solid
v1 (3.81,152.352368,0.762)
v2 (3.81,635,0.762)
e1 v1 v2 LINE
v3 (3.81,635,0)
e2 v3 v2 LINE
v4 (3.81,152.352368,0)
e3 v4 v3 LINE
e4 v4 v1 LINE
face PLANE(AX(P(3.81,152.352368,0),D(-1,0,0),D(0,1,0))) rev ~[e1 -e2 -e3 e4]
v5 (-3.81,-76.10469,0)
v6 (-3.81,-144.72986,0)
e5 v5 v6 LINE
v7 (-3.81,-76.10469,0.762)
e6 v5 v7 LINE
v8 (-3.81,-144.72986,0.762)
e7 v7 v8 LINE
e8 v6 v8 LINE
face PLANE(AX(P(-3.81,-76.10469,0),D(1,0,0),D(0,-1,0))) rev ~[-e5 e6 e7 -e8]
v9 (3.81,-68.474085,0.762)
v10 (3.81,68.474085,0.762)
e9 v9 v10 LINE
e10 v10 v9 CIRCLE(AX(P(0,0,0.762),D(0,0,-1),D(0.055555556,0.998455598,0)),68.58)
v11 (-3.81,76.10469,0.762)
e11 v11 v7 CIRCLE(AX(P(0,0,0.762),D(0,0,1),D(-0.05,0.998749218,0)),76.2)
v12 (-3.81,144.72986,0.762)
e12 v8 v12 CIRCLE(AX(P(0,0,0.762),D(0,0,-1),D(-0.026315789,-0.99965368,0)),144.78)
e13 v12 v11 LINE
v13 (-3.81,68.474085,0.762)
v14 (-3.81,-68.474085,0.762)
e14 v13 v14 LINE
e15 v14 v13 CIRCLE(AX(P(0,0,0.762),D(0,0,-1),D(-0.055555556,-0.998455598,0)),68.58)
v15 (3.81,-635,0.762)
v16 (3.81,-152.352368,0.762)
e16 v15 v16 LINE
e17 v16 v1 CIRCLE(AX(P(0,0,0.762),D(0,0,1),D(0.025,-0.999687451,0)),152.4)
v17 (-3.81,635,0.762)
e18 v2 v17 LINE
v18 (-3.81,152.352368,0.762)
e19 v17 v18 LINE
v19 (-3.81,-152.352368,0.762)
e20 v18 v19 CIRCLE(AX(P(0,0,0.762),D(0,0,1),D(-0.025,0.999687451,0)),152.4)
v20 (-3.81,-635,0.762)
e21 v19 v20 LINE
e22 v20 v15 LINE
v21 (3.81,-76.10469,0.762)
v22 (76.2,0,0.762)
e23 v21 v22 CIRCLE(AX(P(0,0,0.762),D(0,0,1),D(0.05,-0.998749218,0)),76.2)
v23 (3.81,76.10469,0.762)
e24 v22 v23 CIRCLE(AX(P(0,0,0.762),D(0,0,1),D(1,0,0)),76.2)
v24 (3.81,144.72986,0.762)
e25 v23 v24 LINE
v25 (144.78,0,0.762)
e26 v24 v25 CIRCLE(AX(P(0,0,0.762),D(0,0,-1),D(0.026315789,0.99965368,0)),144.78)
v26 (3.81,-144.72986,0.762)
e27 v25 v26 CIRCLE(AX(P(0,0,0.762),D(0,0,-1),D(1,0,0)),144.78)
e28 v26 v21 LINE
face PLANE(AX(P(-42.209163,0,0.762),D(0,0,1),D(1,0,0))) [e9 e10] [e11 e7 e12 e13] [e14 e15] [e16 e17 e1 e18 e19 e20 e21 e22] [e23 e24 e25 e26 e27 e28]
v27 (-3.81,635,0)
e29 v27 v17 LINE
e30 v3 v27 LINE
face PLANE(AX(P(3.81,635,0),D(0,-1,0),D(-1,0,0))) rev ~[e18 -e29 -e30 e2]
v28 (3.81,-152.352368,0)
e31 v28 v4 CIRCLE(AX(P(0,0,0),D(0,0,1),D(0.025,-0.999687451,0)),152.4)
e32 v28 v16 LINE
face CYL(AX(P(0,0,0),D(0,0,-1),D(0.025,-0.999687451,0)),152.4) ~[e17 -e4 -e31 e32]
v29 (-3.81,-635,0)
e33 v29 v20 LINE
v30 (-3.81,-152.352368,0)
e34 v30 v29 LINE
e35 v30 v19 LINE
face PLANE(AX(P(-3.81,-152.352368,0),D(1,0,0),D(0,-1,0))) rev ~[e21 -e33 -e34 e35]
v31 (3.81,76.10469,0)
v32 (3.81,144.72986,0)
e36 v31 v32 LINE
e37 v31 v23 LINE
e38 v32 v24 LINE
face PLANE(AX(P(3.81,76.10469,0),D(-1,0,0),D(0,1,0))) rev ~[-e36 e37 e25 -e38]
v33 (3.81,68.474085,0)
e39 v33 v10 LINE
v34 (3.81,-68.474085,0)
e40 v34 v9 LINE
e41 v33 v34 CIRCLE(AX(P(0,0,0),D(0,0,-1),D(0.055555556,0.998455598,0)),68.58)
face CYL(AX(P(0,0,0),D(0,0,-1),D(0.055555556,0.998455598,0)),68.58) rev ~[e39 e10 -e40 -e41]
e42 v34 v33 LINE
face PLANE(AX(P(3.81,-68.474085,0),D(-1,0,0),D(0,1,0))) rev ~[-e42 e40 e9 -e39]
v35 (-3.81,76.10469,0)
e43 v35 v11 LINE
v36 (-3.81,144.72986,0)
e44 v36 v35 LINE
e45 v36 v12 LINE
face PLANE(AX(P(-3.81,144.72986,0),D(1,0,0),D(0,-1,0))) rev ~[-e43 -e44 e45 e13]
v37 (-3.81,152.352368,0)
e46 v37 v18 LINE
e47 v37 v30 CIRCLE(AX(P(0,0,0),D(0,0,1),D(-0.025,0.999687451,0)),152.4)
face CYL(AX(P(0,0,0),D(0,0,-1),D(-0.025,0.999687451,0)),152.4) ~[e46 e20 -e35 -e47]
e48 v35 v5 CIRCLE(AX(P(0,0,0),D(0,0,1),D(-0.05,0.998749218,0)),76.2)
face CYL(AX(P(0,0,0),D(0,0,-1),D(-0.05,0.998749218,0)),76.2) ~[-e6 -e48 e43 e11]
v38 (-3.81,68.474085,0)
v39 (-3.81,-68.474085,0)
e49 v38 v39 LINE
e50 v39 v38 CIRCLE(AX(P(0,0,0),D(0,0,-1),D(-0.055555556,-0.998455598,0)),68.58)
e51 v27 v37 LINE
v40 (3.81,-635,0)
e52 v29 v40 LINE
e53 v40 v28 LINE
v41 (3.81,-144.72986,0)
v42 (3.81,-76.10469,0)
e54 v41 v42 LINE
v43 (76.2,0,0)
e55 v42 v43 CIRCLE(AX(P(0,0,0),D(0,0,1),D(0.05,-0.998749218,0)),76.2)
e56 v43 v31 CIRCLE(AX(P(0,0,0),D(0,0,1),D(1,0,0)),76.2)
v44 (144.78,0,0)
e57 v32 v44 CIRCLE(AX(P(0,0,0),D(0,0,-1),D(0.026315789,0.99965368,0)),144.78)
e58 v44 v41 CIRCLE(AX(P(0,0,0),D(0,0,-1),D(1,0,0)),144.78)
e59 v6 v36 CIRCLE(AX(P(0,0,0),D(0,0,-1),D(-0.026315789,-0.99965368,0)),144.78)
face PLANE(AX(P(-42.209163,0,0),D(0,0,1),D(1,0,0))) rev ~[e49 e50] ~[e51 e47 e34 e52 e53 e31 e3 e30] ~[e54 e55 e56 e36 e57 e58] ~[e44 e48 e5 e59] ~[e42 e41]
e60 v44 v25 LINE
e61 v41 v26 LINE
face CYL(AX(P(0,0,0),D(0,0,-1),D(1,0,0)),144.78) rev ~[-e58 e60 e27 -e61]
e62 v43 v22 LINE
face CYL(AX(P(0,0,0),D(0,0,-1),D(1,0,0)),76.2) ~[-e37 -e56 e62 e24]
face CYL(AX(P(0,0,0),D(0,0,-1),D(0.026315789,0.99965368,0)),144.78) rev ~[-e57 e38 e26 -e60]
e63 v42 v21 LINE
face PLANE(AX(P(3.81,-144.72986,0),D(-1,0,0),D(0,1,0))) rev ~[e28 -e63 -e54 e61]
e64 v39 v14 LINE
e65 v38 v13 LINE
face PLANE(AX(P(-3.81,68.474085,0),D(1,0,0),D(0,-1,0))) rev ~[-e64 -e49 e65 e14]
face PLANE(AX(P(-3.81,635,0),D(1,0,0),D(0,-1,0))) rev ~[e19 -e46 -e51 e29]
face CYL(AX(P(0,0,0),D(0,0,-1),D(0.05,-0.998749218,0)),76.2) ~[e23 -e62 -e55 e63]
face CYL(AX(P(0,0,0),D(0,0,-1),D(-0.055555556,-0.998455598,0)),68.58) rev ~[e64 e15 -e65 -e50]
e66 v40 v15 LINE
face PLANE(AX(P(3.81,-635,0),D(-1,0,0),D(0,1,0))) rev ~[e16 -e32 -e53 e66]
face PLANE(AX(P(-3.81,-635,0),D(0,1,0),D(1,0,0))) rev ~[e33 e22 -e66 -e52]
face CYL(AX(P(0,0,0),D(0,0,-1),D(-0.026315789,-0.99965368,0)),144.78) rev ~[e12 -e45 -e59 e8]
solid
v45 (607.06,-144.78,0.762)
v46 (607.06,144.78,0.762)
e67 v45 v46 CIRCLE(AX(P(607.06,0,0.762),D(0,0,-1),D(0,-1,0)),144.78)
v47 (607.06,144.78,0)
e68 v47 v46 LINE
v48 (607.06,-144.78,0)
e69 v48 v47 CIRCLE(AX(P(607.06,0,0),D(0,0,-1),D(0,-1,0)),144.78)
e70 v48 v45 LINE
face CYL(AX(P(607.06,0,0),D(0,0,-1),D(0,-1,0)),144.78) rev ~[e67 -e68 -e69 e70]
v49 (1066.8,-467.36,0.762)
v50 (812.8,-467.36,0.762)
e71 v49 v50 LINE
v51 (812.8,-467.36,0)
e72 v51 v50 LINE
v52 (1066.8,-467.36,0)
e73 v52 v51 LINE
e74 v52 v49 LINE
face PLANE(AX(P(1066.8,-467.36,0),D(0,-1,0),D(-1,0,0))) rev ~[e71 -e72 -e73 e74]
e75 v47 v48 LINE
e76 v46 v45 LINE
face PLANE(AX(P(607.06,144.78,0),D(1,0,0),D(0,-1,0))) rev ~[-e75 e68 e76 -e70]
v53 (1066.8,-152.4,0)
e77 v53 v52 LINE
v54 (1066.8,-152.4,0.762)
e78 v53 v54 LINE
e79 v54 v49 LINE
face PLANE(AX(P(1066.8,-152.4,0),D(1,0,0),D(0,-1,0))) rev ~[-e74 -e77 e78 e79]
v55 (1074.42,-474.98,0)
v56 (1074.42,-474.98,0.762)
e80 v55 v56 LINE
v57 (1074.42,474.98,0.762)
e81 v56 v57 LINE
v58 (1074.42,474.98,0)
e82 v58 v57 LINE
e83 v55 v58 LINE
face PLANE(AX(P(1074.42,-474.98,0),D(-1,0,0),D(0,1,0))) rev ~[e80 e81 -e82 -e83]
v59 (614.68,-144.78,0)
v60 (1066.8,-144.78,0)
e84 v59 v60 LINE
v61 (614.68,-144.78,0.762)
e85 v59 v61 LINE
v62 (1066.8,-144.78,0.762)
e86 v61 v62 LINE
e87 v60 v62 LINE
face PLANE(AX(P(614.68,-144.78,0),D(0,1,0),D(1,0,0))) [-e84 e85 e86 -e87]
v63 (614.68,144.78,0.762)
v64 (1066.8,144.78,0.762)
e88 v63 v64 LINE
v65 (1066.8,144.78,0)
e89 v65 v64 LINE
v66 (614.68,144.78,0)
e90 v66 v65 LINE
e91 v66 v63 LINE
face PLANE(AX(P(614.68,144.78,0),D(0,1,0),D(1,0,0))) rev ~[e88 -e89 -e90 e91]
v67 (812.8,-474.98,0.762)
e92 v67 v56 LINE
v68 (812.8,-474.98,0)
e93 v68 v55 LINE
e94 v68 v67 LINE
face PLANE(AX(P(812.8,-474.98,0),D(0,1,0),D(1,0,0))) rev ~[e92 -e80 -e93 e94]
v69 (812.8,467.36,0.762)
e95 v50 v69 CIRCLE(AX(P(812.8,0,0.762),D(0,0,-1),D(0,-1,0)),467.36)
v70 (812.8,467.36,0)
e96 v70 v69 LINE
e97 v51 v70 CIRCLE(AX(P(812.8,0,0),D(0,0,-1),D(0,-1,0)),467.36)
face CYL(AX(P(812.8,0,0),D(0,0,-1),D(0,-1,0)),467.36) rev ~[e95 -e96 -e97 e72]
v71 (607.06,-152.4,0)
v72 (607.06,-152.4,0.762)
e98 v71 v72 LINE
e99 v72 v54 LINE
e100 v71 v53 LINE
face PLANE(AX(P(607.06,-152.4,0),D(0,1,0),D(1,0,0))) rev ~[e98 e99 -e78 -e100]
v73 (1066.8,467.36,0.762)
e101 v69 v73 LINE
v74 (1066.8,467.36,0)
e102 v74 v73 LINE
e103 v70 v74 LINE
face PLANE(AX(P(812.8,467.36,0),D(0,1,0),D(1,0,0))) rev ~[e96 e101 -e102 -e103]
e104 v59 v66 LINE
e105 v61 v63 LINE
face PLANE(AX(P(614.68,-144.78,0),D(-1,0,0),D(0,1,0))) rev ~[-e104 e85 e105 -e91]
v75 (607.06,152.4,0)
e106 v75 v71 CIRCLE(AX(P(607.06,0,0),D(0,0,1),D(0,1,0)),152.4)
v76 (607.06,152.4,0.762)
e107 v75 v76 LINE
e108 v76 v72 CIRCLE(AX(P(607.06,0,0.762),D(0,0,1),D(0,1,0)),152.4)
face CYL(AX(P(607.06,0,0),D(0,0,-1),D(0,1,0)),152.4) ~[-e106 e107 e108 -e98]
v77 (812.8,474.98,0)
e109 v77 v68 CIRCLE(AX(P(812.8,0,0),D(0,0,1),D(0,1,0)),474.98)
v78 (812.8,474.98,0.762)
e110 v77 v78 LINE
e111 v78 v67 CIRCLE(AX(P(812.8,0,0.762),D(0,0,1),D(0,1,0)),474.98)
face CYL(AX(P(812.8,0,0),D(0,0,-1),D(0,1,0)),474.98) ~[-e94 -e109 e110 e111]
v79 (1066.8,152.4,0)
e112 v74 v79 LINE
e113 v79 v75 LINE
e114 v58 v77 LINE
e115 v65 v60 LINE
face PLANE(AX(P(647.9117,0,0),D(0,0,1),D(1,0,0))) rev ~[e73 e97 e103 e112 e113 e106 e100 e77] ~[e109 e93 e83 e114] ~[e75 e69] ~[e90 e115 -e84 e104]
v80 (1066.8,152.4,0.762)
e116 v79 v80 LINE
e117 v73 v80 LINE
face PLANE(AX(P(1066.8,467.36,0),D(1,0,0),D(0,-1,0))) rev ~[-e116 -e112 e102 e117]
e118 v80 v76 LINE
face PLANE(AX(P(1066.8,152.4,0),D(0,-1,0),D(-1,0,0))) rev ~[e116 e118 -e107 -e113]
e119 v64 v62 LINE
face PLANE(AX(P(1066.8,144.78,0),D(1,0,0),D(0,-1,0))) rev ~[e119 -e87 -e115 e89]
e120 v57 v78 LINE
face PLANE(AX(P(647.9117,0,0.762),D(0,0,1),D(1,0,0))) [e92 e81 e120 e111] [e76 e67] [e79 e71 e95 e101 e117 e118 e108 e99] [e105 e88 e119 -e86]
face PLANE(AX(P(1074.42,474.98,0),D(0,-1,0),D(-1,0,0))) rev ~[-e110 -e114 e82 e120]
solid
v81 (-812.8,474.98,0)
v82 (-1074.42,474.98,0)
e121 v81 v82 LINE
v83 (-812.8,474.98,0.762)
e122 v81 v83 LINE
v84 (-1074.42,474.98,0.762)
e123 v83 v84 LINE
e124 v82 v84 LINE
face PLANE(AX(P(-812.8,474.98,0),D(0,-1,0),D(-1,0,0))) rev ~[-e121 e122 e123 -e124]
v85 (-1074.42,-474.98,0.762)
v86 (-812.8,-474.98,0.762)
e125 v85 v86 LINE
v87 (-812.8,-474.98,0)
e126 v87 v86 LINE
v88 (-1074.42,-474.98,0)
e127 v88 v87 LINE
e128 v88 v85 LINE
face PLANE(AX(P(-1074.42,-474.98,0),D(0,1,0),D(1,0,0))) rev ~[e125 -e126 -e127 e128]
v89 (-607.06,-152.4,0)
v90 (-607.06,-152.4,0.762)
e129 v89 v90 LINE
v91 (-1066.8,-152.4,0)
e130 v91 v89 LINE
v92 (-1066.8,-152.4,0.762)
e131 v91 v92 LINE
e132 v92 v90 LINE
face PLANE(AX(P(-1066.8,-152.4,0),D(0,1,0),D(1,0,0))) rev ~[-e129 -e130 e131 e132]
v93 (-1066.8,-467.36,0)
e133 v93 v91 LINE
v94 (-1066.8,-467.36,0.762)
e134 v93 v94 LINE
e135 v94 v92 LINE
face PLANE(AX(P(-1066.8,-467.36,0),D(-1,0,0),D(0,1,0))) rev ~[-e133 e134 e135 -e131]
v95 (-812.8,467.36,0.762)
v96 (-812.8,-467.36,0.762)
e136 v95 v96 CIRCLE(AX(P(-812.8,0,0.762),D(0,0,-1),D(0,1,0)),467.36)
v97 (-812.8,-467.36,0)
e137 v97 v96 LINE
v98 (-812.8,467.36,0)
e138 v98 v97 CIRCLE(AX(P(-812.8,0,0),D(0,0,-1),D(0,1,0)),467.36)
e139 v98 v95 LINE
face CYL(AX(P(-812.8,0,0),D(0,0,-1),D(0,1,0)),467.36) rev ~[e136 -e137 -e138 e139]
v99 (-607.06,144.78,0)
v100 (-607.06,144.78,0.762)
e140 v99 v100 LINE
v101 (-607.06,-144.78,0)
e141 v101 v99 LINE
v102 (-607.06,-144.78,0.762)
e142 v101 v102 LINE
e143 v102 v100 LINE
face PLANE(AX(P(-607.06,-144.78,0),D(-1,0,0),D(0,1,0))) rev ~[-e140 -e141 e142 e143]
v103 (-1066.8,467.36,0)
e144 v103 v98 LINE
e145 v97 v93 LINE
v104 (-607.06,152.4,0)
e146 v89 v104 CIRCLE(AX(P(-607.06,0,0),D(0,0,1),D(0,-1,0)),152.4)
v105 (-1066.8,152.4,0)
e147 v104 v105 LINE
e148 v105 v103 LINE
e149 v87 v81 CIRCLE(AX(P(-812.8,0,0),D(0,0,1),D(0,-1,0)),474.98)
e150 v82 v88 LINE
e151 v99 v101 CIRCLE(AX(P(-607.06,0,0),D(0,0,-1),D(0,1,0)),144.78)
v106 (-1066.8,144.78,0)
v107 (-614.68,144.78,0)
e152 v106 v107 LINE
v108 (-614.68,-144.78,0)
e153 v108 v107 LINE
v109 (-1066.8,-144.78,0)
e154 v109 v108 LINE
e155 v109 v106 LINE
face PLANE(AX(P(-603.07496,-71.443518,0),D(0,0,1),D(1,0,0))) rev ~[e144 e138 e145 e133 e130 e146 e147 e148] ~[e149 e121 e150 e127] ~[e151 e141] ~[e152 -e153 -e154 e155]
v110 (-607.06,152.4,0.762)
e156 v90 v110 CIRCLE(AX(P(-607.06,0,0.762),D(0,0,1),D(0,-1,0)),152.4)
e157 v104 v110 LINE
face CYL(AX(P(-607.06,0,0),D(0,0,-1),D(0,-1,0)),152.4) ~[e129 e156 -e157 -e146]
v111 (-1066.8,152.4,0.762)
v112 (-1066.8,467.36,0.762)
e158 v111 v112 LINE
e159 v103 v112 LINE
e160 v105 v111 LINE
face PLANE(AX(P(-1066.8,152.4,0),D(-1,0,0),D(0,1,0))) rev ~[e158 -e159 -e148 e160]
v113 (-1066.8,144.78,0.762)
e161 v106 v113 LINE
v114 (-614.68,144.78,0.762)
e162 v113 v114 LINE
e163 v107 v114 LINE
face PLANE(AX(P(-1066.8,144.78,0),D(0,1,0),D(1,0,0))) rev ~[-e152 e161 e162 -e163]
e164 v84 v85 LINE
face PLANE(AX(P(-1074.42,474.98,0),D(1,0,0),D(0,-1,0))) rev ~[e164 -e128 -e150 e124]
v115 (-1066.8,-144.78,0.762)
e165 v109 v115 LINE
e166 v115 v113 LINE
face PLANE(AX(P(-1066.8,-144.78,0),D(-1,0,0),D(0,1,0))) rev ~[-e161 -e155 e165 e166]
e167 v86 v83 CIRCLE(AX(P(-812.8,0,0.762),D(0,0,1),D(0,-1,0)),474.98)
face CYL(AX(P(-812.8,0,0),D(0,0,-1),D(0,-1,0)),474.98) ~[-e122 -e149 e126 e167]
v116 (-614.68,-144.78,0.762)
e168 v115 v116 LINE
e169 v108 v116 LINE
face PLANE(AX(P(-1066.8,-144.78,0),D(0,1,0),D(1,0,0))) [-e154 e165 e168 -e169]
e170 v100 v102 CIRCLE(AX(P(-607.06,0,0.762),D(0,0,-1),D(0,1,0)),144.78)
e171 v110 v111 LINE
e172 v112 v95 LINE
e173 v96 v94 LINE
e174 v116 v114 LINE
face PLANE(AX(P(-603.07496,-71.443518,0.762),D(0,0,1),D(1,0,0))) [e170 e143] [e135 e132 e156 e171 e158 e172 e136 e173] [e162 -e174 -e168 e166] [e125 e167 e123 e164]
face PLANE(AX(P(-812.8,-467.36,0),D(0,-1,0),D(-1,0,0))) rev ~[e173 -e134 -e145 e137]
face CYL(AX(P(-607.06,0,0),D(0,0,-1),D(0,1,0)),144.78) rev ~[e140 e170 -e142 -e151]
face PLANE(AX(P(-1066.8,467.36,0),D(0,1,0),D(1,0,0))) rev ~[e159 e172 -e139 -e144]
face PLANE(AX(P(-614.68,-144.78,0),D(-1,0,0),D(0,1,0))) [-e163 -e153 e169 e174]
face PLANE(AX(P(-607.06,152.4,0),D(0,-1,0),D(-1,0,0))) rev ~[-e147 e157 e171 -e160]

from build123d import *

# Parameters (mm, degrees)
F0_W     = 254
F0_H     = 7.62
F0_W_2   = 7.62
F0_H_2   = 289.56
F0_W_3   = 452.12
F1_DEPTH = 0.762


with BuildPart() as f1:
    # F0 (on Top) → F1 (new body)
    with BuildSketch(Plane.XY):
        with BuildLine():
            Line((-1066.8, -467.36), (-1066.8, -474.98))
            Line((-1066.8, -474.98), (-812.8, -474.98))
            ThreePointArc((-812.8, -474.98), (-337.82, 0), (-812.8, 474.98))
            Line((-812.8, 474.98), (-812.8, 467.36))
            ThreePointArc((-812.8, 467.36), (-345.44, 0), (-812.8, -467.36))
            Line((-812.8, -467.36), (-1066.8, -467.36))
        make_face()
        with Locations((-939.8, 471.17)):
            Rectangle(F0_W, F0_H)
        with Locations((-610.87, 0)):
            Rectangle(F0_W_2, F0_H_2)
        with Locations((-840.74, 148.59)):
            Rectangle(F0_W_3, F0_H)
        with Locations((-610.87, 148.59)):
            Rectangle(F0_W_2, F0_H)
        with BuildLine():
            Line((-607.06, -144.78), (-607.06, -152.4))
            ThreePointArc((-607.06, -152.4), (-454.66, 0), (-607.06, 152.4))
            Line((-607.06, 152.4), (-607.06, 144.78))
            ThreePointArc((-607.06, 144.78), (-462.28, 0), (-607.06, -144.78))
        make_face()
        with Locations((-840.74, -148.59)):
            Rectangle(F0_W_3, F0_H)
        with Locations((-610.87, -148.59)):
            Rectangle(F0_W_2, F0_H)
        Polygon((-1074.42, -474.98), (-1066.8, -474.98), (-1066.8, -467.36), (-1066.8, -152.4), (-1066.8, -144.78), (-1066.8, 144.78), (-1066.8, 152.4), (-1066.8, 467.36), (-1066.8, 474.98), (-1074.42, 474.98), align=None)
    extrude(amount=F1_DEPTH)


with BuildPart() as f1b:
    # F0 (on Top) → F1, piece 2 (new body)
    with BuildSketch(Plane.XY):
        with BuildLine():
            ThreePointArc((-3.81, 76.1046903942), (-76.2, 0), (-3.81, -76.1046903942))
            Line((-3.81, -76.1046903942), (-3.81, -68.4740848789))
            ThreePointArc((-3.81, -68.4740848789), (-68.58, 0), (-3.81, 68.4740848789))
            Line((-3.81, 68.4740848789), (-3.81, 76.1046903942))
        make_face()
        with BuildLine():
            Line((3.81, -68.4740848789), (3.81, -76.1046903942))
            ThreePointArc((3.81, -76.1046903942), (55.212145403, -52.5172257455), (76.2, 0))
            ThreePointArc((76.2, 0), (55.212145403, 52.5172257455), (3.81, 76.1046903942))
            Line((3.81, 76.1046903942), (3.81, 68.4740848789))
            ThreePointArc((3.81, 68.4740848789), (49.8222149247, 47.1270973008), (68.58, 0))
            ThreePointArc((68.58, 0), (49.8222149247, -47.1270973008), (3.81, -68.4740848789))
        make_face()
        with BuildLine():
            ThreePointArc((3.81, 76.1046903942), (1.9055959646, 76.176168872), (0, 76.2))
            Line((0, 76.2), (0, 68.58))
            ThreePointArc((0, 68.58), (1.9057359479, 68.553516106), (3.81, 68.4740848789))
            Line((3.81, 68.4740848789), (3.81, 76.1046903942))
        make_face()
        with BuildLine():
            ThreePointArc((0, 76.2), (-1.9055959646, 76.176168872), (-3.81, 76.1046903942))
            Line((-3.81, 76.1046903942), (-3.81, 68.4740848789))
            ThreePointArc((-3.81, 68.4740848789), (-1.9057359479, 68.553516106), (0, 68.58))
            Line((0, 68.58), (0, 76.2))
        make_face()
        with BuildLine():
            ThreePointArc((-3.81, 152.3523675563), (-152.4, 0), (-3.81, -152.3523675563))
            Line((-3.81, -152.3523675563), (-3.81, -144.7298597388))
            ThreePointArc((-3.81, -144.7298597388), (-144.78, 0), (-3.81, 144.7298597388))
            Line((-3.81, 144.7298597388), (-3.81, 152.3523675563))
        make_face()
        with BuildLine():
            ThreePointArc((0, 152.4), (-1.9051488688, 152.3880914238), (-3.81, 152.3523675563))
            Line((-3.81, 152.3523675563), (-3.81, 144.7298597388))
            ThreePointArc((-3.81, 144.7298597388), (-1.9051649565, 144.767464392), (0, 144.78))
            Line((0, 144.78), (0, 152.4))
        make_face()
        with BuildLine():
            ThreePointArc((3.81, 152.3523675563), (1.9051488688, 152.3880914238), (0, 152.4))
            Line((0, 152.4), (0, 144.78))
            ThreePointArc((0, 144.78), (1.9051649565, 144.767464392), (3.81, 144.7298597388))
            Line((3.81, 144.7298597388), (3.81, 152.3523675563))
        make_face()
        with BuildLine():
            Line((3.81, -144.7298597388), (3.81, -152.3523675563))
            ThreePointArc((3.81, -152.3523675563), (109.1017965022, -106.4075091335), (152.4, 0))
            ThreePointArc((152.4, 0), (109.1017965022, 106.4075091335), (3.81, 152.3523675563))
            Line((3.81, 152.3523675563), (3.81, 144.7298597388))
            ThreePointArc((3.81, 144.7298597388), (103.7132108268, 101.0189007067), (144.78, 0))
            ThreePointArc((144.78, 0), (103.7132108268, -101.0189007067), (3.81, -144.7298597388))
        make_face()
        with BuildLine():
            Line((-3.81, -68.4740848789), (-3.81, -76.1046903942))
            ThreePointArc((-3.81, -76.1046903942), (-1.9055959646, -76.176168872), (0, -76.2))
            Line((0, -76.2), (0, -68.58))
            ThreePointArc((0, -68.58), (-1.9057359479, -68.553516106), (-3.81, -68.4740848789))
        make_face()
        with BuildLine():
            Line((0, -68.58), (0, -76.2))
            ThreePointArc((0, -76.2), (1.9055959646, -76.176168872), (3.81, -76.1046903942))
            Line((3.81, -76.1046903942), (3.81, -68.4740848789))
            ThreePointArc((3.81, -68.4740848789), (1.9057359479, -68.553516106), (0, -68.58))
        make_face()
        with BuildLine():
            Line((-3.81, -144.7298597388), (-3.81, -152.3523675563))
            ThreePointArc((-3.81, -152.3523675563), (-1.9051488688, -152.3880914238), (0, -152.4))
            Line((0, -152.4), (0, -144.78))
            ThreePointArc((0, -144.78), (-1.9051649565, -144.767464392), (-3.81, -144.7298597388))
        make_face()
        with BuildLine():
            Line((0, -144.78), (0, -152.4))
            ThreePointArc((0, -152.4), (1.9051488688, -152.3880914238), (3.81, -152.3523675563))
            Line((3.81, -152.3523675563), (3.81, -144.7298597388))
            ThreePointArc((3.81, -144.7298597388), (1.9051649565, -144.767464392), (0, -144.78))
        make_face()
        with BuildLine():
            Line((-3.81, 635), (-3.81, 152.3523675563))
            ThreePointArc((-3.81, 152.3523675563), (-1.9051488688, 152.3880914238), (0, 152.4))
            Line((0, 152.4), (0, 635))
            Line((0, 635), (-3.81, 635))
        make_face()
        with BuildLine():
            Line((0, 635), (0, 152.4))
            ThreePointArc((0, 152.4), (1.9051488688, 152.3880914238), (3.81, 152.3523675563))
            Line((3.81, 152.3523675563), (3.81, 635))
            Line((3.81, 635), (0, 635))
        make_face()
        with BuildLine():
            ThreePointArc((0, 144.78), (-1.9051649565, 144.767464392), (-3.81, 144.7298597388))
            Line((-3.81, 144.7298597388), (-3.81, 76.1046903942))
            ThreePointArc((-3.81, 76.1046903942), (-1.9055959646, 76.176168872), (0, 76.2))
            Line((0, 76.2), (0, 144.78))
        make_face()
        with BuildLine():
            ThreePointArc((3.81, 144.7298597388), (1.9051649565, 144.767464392), (0, 144.78))
            Line((0, 144.78), (0, 76.2))
            ThreePointArc((0, 76.2), (1.9055959646, 76.176168872), (3.81, 76.1046903942))
            Line((3.81, 76.1046903942), (3.81, 144.7298597388))
        make_face()
        with BuildLine():
            Line((-3.81, 68.4740848789), (-3.81, -68.4740848789))
            ThreePointArc((-3.81, -68.4740848789), (-1.9057359479, -68.553516106), (0, -68.58))
            Line((0, -68.58), (0, 68.58))
            ThreePointArc((0, 68.58), (-1.9057359479, 68.553516106), (-3.81, 68.4740848789))
        make_face()
        with BuildLine():
            Line((0, 68.58), (0, -68.58))
            ThreePointArc((0, -68.58), (1.9057359479, -68.553516106), (3.81, -68.4740848789))
            Line((3.81, -68.4740848789), (3.81, 68.4740848789))
            ThreePointArc((3.81, 68.4740848789), (1.9057359479, 68.553516106), (0, 68.58))
        make_face()
        with BuildLine():
            Line((-3.81, -76.1046903942), (-3.81, -144.7298597388))
            ThreePointArc((-3.81, -144.7298597388), (-1.9051649565, -144.767464392), (0, -144.78))
            Line((0, -144.78), (0, -76.2))
            ThreePointArc((0, -76.2), (-1.9055959646, -76.176168872), (-3.81, -76.1046903942))
        make_face()
        with BuildLine():
            Line((0, -76.2), (0, -144.78))
            ThreePointArc((0, -144.78), (1.9051649565, -144.767464392), (3.81, -144.7298597388))
            Line((3.81, -144.7298597388), (3.81, -76.1046903942))
            ThreePointArc((3.81, -76.1046903942), (1.9055959646, -76.176168872), (0, -76.2))
        make_face()
        with BuildLine():
            Line((-3.81, -152.3523675563), (-3.81, -635))
            Line((-3.81, -635), (0, -635))
            Line((0, -635), (0, -152.4))
            ThreePointArc((0, -152.4), (-1.9051488688, -152.3880914238), (-3.81, -152.3523675563))
        make_face()
        with BuildLine():
            Line((0, -152.4), (0, -635))
            Line((0, -635), (3.81, -635))
            Line((3.81, -635), (3.81, -152.3523675563))
            ThreePointArc((3.81, -152.3523675563), (1.9051488688, -152.3880914238), (0, -152.4))
        make_face()
    extrude(amount=F1_DEPTH)


with BuildPart() as f1c:
    # F0 (on Top) → F1, piece 3 (new body)
    with BuildSketch(Plane.XY):
        with BuildLine():
            Line((812.8, -474.98), (1066.8, -474.98))
            Line((1066.8, -474.98), (1066.8, -467.36))
            Line((1066.8, -467.36), (812.8, -467.36))
            ThreePointArc((812.8, -467.36), (345.44, 0), (812.8, 467.36))
            Line((812.8, 467.36), (1066.8, 467.36))
            Line((1066.8, 467.36), (1066.8, 474.98))
            Line((1066.8, 474.98), (812.8, 474.98))
            ThreePointArc((812.8, 474.98), (337.82, 0), (812.8, -474.98))
        make_face()
        with Locations((840.74, 148.59)):
            Rectangle(F0_W_3, F0_H)
        with Locations((610.87, 148.59)):
            Rectangle(F0_W_2, F0_H)
        with Locations((610.87, 0)):
            Rectangle(F0_W_2, F0_H_2)
        with BuildLine():
            ThreePointArc((607.06, 152.4), (454.66, 0), (607.06, -152.4))
            Line((607.06, -152.4), (607.06, -144.78))
            ThreePointArc((607.06, -144.78), (462.28, 0), (607.06, 144.78))
            Line((607.06, 144.78), (607.06, 152.4))
        make_face()
        with Locations((840.74, -148.59)):
            Rectangle(F0_W_3, F0_H)
        with Locations((610.87, -148.59)):
            Rectangle(F0_W_2, F0_H)
        Polygon((1066.8, -467.36), (1066.8, -474.98), (1074.42, -474.98), (1074.42, 474.98), (1066.8, 474.98), (1066.8, 467.36), (1066.8, 152.4), (1066.8, 144.78), (1066.8, -144.78), (1066.8, -152.4), align=None)
    extrude(amount=F1_DEPTH)


solid = Compound([f1.part, f1b.part, f1c.part])
